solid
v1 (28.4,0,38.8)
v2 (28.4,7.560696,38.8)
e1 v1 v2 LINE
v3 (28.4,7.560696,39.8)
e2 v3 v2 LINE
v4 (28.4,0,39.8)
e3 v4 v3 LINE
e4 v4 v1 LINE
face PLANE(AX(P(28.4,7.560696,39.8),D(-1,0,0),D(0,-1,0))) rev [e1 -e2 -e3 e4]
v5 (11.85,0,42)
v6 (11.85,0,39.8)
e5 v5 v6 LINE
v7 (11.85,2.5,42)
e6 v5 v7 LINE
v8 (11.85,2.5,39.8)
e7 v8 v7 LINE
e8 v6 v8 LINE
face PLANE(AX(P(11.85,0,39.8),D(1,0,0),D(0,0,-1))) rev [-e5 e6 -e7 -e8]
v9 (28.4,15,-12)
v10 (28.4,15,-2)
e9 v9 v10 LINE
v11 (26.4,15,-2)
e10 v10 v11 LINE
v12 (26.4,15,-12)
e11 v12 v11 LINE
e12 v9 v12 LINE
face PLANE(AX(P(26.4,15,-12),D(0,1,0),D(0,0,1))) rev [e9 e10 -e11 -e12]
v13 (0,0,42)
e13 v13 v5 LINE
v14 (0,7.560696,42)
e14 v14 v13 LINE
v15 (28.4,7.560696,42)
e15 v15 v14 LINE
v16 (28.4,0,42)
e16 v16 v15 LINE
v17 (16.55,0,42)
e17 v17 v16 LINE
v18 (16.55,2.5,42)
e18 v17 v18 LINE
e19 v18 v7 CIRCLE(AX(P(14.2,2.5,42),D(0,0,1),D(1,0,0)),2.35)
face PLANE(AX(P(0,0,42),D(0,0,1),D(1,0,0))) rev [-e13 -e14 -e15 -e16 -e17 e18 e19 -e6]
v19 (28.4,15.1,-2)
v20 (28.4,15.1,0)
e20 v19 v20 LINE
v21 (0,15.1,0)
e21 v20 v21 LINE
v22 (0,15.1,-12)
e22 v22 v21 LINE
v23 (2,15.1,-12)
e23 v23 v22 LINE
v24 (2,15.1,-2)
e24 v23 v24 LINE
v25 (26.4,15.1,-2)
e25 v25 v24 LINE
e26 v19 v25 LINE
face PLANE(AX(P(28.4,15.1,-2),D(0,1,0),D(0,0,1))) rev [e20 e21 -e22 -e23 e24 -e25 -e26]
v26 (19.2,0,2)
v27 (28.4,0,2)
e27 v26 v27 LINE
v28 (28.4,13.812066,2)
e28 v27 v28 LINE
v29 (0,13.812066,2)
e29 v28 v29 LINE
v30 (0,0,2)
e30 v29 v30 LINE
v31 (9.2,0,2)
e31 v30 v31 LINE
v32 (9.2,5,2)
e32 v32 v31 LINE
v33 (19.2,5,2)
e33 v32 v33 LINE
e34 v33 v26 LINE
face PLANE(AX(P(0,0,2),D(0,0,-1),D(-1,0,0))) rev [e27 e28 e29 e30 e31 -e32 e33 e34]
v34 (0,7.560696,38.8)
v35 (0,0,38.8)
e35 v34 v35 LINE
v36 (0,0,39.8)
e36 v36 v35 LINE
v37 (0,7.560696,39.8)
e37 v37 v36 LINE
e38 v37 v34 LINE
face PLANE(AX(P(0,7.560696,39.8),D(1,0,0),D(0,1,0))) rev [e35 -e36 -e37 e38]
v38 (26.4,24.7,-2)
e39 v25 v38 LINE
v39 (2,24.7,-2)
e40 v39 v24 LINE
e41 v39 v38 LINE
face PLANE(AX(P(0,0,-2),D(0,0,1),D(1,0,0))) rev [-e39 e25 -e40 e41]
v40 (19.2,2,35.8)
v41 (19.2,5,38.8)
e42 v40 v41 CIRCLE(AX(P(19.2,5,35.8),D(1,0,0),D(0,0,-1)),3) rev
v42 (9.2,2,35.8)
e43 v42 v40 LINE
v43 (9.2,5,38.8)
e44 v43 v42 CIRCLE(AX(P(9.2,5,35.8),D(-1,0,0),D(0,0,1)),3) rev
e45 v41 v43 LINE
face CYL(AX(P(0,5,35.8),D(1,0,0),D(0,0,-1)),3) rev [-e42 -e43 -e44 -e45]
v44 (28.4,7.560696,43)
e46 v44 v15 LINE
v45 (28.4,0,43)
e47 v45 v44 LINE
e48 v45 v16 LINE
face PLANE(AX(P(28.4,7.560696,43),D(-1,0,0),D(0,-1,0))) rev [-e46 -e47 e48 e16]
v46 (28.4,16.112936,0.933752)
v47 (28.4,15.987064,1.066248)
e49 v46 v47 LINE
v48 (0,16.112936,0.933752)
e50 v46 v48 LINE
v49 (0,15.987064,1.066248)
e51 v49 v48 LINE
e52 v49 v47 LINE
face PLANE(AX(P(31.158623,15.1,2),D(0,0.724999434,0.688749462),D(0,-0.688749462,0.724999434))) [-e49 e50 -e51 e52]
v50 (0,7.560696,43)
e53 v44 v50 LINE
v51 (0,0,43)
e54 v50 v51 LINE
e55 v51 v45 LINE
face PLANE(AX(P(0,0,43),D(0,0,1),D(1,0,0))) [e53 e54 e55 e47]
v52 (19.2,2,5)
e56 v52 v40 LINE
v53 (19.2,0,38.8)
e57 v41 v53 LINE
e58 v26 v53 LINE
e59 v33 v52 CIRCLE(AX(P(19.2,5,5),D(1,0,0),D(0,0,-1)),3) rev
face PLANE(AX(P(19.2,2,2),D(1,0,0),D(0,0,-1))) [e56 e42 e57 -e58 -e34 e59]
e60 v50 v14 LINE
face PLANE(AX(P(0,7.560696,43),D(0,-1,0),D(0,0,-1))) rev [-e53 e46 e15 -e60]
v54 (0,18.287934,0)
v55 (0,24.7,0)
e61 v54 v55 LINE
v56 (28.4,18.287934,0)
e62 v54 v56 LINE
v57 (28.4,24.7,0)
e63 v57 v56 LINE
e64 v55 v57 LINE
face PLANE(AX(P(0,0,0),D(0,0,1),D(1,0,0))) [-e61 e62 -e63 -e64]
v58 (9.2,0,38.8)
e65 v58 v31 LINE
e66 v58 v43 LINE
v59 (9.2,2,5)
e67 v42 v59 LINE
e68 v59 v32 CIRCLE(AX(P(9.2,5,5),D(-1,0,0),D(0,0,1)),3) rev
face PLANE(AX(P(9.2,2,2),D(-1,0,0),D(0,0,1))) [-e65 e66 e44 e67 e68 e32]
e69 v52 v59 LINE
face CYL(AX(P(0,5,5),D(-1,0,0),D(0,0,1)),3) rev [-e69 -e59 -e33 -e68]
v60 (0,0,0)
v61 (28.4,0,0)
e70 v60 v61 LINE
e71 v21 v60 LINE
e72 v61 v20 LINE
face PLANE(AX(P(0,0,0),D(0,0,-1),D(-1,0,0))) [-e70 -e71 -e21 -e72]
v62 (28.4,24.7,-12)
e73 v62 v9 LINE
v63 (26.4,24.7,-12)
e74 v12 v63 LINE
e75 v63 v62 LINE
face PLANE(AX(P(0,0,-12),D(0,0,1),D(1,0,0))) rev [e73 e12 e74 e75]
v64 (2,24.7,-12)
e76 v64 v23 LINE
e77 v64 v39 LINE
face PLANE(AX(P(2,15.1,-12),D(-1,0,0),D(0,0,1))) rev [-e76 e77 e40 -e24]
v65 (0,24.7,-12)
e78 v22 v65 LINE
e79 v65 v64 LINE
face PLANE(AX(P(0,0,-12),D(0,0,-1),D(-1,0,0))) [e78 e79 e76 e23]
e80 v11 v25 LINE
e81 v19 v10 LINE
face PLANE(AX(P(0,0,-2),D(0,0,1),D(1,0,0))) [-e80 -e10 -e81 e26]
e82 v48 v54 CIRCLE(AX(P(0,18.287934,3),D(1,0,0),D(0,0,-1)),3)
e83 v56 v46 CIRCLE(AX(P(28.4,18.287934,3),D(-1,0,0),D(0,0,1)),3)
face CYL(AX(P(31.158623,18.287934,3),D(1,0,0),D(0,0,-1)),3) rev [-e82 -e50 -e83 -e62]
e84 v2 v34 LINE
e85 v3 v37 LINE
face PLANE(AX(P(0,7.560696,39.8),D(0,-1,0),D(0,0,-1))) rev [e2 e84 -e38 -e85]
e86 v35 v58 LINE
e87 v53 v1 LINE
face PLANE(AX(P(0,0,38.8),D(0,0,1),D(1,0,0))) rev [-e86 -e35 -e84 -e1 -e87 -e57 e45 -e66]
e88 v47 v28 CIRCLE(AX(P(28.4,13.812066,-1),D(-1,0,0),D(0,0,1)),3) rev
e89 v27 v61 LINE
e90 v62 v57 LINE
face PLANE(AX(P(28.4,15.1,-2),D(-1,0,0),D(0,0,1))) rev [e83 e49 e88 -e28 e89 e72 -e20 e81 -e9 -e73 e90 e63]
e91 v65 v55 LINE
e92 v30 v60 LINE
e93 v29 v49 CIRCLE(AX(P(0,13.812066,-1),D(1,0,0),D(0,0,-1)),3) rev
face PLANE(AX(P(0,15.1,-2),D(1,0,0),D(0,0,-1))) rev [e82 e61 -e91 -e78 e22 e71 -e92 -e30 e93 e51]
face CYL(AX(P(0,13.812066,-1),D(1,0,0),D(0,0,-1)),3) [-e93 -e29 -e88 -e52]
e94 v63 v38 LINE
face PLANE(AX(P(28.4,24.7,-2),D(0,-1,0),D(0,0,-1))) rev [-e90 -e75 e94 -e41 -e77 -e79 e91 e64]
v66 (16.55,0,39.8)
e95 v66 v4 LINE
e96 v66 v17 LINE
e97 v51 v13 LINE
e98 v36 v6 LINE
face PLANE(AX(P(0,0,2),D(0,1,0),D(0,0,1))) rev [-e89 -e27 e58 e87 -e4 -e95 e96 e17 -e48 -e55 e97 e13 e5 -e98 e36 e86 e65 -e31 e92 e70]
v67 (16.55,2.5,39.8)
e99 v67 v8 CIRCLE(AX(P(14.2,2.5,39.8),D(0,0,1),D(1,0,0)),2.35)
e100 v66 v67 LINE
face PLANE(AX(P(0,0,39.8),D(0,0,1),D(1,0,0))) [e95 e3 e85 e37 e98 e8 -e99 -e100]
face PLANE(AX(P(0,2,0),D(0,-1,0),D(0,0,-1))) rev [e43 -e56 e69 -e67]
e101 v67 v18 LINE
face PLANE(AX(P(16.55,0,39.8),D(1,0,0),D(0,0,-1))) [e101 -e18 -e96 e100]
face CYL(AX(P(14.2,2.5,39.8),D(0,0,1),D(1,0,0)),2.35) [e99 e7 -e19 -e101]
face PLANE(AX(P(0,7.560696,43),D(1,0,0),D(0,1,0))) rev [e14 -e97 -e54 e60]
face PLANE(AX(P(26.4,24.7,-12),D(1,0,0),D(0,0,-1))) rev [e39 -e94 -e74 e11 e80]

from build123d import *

# Parameters (mm, degrees)
ESQUISSE1_W                = 28.4
ESQUISSE1_H                = 15.1
BOSS_EXTRU_1_DEPTH         = 2
ESQUISSE2_W                = 28.4
ESQUISSE2_H                = 9.6
BOSS_EXTRU_2_DEPTH         = 2
ESQUISSE3_W                = 2
ESQUISSE3_H                = 9.6
ESQUISSE3_H_2              = 9.7
BOSS_EXTRU_3_DEPTH         = 10
ESQUISSE4_W                = 10
ESQUISSE4_H                = 40
BOSS_EXTRU_4_DEPTH         = 2
BOSS_EXTRU_5_DEPTH         = 2.2
ESQUISSE6_W                = 28.4
ESQUISSE6_H                = 7.560696408
BOSS_EXTRU_6_DEPTH         = 1
R_P_TITION_LIN_AIRE1_COUNT = 2
R_P_TITION_LIN_AIRE1_PITCH = 3.2
ESQUISSE7_W                = 2.65
ESQUISSE7_H                = 2.2
ENL_V_MAT_EXTRU_1_DEPTH    = 57.310301011
BOSS_EXTRU_7_DEPTH         = 28.4
CONG_1_R                   = 3


with BuildPart() as part:
    # Esquisse1 → Boss.-Extru.1 (new body)
    with BuildSketch(Plane.XY):
        with Locations((14.2, 7.55)):
            Rectangle(ESQUISSE1_W, ESQUISSE1_H)
    extrude(amount=BOSS_EXTRU_1_DEPTH)

    # Esquisse4 → Boss.-Extru.4 (add)
    with BuildSketch(Plane.XZ):
        with Locations((14.2, 22)):
            Rectangle(ESQUISSE4_W, ESQUISSE4_H)
    extrude(amount=-BOSS_EXTRU_4_DEPTH)

    # Esquisse5 → Boss.-Extru.5 (add)
    with BuildSketch(Plane.XY.offset(42)):
        with BuildLine():
            Line((11.85, 2.5), (11.85, 2))
            Line((11.85, 2), (16.55, 2))
            Line((16.55, 2), (16.55, 2.5))
            ThreePointArc((16.55, 2.5), (14.2, 4.85), (11.85, 2.5))
        make_face()
    extrude(amount=-BOSS_EXTRU_5_DEPTH)

    # Esquisse6 → Boss.-Extru.6 (add)
    with BuildSketch(Plane.XY.offset(42)):
        with Locations((14.2, 3.780348204)):
            Rectangle(ESQUISSE6_W, ESQUISSE6_H)
    boss_extru_6 = extrude(amount=BOSS_EXTRU_6_DEPTH)

    # Répétition linéaire1: Boss.-Extru.6 ×2
    with Locations(*[(0, 0, -i * R_P_TITION_LIN_AIRE1_PITCH) for i in range(1, R_P_TITION_LIN_AIRE1_COUNT)]):
        add(boss_extru_6)

    # Esquisse7 → Enlèv. mat.-Extru.1 (cut, through all)
    with BuildSketch(Plane(origin=(0, 2, 0), x_dir=(1, 0, 0), z_dir=(0, 1, 0))):
        with Locations((17.875, -40.9)):
            Rectangle(ESQUISSE7_W, ESQUISSE7_H)
        with Locations((10.525, -40.9)):
            Rectangle(ESQUISSE7_W, ESQUISSE7_H)
    extrude(amount=-ENL_V_MAT_EXTRU_1_DEPTH, mode=Mode.SUBTRACT)



with BuildPart() as body_2:
    # Esquisse2 → Boss.-Extru.2 (new body)
    with BuildSketch(Plane(origin=(0, 0, 0), x_dir=(-1, 0, 0), z_dir=(0, 0, -1))):
        with Locations((-14.2, 19.9)):
            Rectangle(ESQUISSE2_W, ESQUISSE2_H)
    extrude(amount=BOSS_EXTRU_2_DEPTH)

    # Esquisse3 → Boss.-Extru.3 (add)
    with BuildSketch(Plane(origin=(0, 0, -2), x_dir=(-1, 0, 0), z_dir=(0, 0, -1))):
        with Locations((-1, 19.9)):
            Rectangle(ESQUISSE3_W, ESQUISSE3_H)
        with Locations((-27.4, 19.85)):
            Rectangle(ESQUISSE3_W, ESQUISSE3_H_2)
    extrude(amount=BOSS_EXTRU_3_DEPTH)


with BuildPart() as part_1:
    add(part.part)

    add(body_2.part)  # Boss.-Extru.7 merges body 2
    # Esquisse9 → Boss.-Extru.7 (add)
    with BuildSketch(Plane.ZY):
        Polygon((0, 15.1), (2, 15.1), (0, 17), align=None)
    extrude(amount=-BOSS_EXTRU_7_DEPTH)

    # Congé1
    cong_1_edges = [part_1.edges().sort_by_distance(p)[0] for p in [
        (14.2, 17, 0),
        (14.2, 15.1, 2),
        (14.2, 2, 2),
        (14.2, 2, 38.8),
    ]]
    fillet(cong_1_edges, radius=CONG_1_R)


solid = part_1.part
